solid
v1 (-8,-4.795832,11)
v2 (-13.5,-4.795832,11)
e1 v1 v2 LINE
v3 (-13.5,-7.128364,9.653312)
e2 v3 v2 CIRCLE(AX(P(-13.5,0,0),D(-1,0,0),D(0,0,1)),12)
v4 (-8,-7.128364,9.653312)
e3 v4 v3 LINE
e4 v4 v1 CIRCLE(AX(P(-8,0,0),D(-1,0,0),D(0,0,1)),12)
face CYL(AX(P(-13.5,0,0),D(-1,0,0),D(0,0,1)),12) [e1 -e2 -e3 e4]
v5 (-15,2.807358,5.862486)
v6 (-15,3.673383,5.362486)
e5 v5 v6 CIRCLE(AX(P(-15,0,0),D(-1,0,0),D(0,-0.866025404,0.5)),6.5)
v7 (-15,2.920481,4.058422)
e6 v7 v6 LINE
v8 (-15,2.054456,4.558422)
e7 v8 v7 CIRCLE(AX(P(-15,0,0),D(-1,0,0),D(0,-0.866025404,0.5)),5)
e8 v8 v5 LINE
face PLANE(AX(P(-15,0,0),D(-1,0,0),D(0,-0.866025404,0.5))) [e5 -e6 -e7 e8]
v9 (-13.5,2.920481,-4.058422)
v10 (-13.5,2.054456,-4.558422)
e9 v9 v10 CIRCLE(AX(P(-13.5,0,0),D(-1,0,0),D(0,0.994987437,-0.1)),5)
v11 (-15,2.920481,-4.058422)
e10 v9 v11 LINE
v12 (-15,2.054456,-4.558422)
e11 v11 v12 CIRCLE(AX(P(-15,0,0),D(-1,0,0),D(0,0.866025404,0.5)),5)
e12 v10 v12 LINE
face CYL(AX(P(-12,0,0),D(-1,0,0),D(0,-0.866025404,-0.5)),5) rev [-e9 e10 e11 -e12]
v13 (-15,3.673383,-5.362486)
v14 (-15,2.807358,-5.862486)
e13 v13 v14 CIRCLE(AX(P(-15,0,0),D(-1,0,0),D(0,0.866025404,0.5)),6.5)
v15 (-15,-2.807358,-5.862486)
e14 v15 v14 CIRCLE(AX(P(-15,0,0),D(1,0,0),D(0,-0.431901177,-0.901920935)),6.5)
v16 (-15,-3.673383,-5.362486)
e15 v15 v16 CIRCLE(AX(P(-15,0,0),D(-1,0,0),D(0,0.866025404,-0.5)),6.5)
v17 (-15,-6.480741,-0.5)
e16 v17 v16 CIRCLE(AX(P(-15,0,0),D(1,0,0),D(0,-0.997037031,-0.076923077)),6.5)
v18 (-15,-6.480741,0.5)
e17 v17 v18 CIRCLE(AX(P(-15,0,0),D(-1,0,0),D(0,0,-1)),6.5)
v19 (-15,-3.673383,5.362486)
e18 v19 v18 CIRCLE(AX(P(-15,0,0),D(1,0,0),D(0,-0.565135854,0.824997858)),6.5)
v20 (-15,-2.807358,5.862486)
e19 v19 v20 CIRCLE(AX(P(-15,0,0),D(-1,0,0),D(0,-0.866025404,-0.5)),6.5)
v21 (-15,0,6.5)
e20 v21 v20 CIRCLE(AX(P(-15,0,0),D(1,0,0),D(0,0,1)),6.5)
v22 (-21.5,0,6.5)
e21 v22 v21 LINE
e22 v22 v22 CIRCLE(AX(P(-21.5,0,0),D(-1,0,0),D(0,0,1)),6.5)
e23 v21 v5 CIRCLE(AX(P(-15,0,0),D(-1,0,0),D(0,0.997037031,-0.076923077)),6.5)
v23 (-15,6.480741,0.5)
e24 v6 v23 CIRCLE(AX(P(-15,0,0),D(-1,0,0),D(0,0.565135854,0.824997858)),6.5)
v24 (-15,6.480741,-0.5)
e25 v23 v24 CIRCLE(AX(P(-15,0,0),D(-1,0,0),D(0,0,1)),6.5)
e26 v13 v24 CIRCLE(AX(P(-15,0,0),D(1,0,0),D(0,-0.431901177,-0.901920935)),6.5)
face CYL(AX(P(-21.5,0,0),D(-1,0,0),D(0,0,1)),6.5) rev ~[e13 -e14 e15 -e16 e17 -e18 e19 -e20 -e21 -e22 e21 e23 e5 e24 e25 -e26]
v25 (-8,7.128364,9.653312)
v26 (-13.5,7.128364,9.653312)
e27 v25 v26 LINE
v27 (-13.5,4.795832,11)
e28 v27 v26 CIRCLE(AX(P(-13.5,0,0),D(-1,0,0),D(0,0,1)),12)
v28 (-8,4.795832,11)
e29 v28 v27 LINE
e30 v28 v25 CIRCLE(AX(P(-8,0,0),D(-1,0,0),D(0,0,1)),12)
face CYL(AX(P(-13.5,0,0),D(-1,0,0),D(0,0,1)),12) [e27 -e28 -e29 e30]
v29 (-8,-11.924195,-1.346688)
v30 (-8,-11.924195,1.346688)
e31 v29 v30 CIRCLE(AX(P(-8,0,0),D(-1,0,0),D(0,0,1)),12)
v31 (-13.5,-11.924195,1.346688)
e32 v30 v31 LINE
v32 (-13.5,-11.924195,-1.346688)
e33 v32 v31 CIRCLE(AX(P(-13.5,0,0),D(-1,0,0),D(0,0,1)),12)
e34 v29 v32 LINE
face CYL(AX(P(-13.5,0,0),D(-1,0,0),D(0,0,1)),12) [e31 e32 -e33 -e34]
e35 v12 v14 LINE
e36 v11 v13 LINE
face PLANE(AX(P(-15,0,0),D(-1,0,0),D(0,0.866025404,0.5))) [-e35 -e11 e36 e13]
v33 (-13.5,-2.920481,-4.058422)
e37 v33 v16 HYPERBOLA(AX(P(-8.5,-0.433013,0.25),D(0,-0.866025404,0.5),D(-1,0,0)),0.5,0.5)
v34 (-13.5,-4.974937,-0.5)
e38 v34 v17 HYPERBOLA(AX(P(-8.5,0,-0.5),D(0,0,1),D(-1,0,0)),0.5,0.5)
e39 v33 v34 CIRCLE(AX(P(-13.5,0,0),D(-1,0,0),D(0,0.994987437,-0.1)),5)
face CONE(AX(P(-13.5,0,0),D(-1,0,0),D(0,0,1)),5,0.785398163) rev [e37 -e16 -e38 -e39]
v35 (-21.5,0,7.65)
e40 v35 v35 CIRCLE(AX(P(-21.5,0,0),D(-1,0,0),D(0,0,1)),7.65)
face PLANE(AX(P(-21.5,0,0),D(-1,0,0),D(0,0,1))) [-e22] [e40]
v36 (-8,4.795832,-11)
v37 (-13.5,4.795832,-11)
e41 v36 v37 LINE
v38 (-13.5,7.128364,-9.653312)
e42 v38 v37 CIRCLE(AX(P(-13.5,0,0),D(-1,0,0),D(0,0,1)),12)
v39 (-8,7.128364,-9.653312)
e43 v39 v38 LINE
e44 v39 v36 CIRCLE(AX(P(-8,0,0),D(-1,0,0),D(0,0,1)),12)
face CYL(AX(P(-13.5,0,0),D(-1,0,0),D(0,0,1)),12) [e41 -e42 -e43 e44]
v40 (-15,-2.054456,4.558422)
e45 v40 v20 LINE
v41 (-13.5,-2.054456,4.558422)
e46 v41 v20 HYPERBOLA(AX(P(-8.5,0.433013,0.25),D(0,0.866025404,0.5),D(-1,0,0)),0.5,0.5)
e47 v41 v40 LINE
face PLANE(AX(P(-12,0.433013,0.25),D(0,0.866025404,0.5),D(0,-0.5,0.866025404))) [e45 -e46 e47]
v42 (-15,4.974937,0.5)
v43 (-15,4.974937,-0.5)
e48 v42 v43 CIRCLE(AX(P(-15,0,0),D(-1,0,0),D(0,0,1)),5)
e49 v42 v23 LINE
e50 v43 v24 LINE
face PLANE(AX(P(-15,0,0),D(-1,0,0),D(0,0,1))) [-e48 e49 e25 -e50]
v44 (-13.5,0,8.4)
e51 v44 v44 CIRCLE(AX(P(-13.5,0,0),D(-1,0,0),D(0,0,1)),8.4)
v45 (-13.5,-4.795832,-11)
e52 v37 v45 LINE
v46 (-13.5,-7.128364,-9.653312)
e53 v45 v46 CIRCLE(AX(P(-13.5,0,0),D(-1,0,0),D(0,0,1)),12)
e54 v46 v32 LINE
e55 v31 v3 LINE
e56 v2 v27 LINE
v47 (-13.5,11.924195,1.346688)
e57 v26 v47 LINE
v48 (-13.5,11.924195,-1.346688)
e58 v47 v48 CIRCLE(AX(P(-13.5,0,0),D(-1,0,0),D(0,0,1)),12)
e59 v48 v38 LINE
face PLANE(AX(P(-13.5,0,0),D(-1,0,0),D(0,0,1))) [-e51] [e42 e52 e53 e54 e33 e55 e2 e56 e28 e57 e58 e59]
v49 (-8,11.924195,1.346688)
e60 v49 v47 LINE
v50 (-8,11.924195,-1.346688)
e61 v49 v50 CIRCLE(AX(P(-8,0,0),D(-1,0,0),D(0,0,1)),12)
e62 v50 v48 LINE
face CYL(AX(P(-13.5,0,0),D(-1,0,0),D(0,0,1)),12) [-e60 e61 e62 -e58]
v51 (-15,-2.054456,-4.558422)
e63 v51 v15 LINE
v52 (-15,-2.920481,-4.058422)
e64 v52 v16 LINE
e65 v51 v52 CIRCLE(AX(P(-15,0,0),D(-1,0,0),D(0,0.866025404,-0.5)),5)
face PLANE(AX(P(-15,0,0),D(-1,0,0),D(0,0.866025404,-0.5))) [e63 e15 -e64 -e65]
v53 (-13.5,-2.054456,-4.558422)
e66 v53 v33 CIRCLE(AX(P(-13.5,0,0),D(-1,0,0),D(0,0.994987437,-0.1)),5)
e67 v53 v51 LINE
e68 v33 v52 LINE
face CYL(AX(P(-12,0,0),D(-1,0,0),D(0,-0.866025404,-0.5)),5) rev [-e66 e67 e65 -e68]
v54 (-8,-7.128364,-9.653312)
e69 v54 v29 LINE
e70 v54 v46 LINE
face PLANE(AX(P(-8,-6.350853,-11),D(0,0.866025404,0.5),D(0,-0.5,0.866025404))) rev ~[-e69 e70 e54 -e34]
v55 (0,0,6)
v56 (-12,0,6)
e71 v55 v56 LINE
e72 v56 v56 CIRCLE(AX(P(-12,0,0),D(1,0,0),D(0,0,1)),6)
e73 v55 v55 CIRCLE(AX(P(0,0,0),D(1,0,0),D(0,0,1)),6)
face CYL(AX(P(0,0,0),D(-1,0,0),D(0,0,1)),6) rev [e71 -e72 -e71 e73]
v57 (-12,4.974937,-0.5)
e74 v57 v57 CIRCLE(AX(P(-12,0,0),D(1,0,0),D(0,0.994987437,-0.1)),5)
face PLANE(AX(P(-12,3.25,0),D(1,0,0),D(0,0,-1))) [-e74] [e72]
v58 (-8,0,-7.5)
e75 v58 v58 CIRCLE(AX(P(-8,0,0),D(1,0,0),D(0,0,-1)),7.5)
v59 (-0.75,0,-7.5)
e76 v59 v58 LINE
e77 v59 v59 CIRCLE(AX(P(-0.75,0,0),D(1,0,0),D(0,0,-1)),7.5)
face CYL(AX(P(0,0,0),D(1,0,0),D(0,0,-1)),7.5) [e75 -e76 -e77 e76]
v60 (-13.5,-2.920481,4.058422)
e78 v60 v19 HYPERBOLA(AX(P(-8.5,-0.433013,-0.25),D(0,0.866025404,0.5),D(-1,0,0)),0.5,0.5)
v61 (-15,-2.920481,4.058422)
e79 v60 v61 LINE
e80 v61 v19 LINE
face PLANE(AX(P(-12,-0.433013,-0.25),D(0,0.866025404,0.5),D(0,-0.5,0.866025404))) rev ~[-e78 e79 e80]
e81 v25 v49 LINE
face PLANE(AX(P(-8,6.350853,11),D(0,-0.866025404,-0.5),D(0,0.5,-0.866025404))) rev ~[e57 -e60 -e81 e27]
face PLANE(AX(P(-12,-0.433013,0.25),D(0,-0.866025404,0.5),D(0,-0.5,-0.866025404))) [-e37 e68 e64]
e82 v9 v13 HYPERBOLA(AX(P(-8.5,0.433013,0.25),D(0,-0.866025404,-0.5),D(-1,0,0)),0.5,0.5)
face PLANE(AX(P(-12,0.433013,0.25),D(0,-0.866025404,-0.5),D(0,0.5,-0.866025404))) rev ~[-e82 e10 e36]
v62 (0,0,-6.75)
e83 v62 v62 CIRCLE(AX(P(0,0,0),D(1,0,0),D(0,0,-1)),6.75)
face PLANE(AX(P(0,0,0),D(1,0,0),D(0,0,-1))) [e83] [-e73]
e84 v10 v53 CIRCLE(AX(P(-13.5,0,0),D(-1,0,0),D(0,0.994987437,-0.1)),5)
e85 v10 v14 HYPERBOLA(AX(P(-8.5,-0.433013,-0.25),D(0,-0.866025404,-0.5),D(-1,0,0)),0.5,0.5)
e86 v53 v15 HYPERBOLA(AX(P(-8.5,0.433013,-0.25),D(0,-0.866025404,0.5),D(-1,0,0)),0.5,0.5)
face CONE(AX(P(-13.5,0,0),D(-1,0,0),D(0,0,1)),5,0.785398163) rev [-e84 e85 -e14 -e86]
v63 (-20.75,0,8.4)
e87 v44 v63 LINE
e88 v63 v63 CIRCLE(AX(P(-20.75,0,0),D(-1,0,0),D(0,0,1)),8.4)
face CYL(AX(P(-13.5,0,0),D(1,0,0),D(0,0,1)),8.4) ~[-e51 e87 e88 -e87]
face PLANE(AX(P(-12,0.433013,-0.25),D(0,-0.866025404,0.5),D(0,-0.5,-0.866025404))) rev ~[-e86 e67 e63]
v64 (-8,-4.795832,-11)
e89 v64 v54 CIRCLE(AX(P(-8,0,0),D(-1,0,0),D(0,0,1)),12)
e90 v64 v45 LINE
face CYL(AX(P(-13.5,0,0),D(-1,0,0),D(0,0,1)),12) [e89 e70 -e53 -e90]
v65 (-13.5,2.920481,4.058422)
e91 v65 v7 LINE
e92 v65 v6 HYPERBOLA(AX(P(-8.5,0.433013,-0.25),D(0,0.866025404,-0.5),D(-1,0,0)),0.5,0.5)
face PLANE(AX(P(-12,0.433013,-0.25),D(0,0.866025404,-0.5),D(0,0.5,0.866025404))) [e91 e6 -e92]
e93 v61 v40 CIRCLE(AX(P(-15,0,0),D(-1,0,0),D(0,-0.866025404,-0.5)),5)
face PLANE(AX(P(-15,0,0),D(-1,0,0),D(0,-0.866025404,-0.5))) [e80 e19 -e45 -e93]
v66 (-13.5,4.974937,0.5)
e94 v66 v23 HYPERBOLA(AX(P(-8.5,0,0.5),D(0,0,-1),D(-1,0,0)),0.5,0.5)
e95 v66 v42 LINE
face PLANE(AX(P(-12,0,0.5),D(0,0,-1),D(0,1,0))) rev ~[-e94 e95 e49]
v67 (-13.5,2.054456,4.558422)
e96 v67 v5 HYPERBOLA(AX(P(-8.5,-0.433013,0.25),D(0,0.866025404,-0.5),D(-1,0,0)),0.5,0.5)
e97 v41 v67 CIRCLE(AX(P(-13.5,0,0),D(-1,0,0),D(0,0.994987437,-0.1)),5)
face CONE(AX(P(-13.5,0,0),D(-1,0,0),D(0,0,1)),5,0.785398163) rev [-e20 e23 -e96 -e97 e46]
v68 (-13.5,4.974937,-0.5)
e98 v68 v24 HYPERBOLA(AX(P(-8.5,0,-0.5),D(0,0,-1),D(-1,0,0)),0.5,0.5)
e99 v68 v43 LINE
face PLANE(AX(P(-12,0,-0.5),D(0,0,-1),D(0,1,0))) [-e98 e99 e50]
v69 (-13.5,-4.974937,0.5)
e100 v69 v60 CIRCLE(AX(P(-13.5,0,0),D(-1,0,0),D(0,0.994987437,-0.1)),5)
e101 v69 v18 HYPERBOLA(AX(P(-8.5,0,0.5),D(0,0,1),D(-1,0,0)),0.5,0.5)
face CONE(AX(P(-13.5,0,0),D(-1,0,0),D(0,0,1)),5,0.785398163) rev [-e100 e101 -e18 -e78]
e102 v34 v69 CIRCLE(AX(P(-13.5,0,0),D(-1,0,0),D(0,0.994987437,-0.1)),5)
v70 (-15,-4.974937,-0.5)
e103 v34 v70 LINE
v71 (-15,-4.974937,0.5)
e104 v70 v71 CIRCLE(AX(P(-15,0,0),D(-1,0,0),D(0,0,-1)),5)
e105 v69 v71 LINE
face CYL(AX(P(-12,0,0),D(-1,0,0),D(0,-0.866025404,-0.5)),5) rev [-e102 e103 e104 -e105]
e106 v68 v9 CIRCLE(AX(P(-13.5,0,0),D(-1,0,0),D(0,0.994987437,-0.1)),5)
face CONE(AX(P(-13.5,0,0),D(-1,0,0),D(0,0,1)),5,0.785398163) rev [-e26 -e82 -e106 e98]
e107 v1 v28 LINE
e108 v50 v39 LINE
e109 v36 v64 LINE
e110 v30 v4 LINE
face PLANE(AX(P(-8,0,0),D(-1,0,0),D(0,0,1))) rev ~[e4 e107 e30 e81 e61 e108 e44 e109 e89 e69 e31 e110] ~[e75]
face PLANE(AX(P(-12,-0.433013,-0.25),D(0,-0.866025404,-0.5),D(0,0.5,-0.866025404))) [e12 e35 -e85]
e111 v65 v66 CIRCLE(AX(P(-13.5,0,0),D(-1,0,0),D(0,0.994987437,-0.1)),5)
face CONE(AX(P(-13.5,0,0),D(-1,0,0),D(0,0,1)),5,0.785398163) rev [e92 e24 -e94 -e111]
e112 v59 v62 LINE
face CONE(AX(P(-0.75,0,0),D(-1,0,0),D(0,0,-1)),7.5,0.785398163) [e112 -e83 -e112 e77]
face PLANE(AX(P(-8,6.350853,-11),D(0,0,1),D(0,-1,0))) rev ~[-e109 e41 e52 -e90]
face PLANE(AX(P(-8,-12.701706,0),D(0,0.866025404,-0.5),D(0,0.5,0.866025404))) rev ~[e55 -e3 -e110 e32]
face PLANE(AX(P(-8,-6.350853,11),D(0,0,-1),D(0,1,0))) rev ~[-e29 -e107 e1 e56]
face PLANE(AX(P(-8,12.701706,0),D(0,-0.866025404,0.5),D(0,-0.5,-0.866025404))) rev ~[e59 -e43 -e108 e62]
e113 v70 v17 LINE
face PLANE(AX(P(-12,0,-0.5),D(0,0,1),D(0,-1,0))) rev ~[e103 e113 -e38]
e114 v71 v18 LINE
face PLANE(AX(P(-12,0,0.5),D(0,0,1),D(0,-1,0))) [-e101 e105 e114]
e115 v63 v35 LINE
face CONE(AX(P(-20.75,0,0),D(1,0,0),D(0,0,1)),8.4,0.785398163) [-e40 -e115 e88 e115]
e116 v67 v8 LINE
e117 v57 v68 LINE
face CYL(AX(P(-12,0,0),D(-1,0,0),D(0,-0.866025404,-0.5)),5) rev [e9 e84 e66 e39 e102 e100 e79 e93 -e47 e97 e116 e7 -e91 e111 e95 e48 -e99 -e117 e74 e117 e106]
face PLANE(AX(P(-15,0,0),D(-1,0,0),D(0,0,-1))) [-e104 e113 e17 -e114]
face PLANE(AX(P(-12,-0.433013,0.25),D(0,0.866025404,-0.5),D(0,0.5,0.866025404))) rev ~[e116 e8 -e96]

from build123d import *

# Parameters (mm, degrees)
SKETCH_2_R               = 7.5
EXTRUDE_1_DEPTH          = 8
SKETCH_3_R               = 7.5
EXTRUDE_2_DEPTH          = 5.5
SKETCH_4_R               = 8.4
EXTRUDE_3_DEPTH          = 8
SKETCH_6_R               = 12.701705922
SKETCH_6_R_2             = 12
CUT_EXTRUDE_1_DEPTH      = 22.554195261
CHAMFER_1_SIZE           = 0.75
EXTRUDE_4_REACH          = 22.224
SKETCH_7_W               = 1
SKETCH_7_H               = 6.5
SKETCH_8_R               = 5
CUT_EXTRUDE_2_DEPTH      = 27.96757312
SKETCH_9_R               = 6.5
CUT_EXTRUDE_3_DEPTH      = 6.5
PATTERN_CIRCULAR_1_COUNT = 6


with BuildPart() as part:
    # Эскиз2 → Вытянуть1 (new body)
    with BuildSketch(Plane(origin=(0, 0, 0), x_dir=(0, 0, -1), z_dir=(1, 0, 0))):
        Circle(SKETCH_2_R)
    extrude(amount=-EXTRUDE_1_DEPTH)

    # Эскиз3 → Вытянуть2 (add)
    # profile 1 of 2: a face of its own
    with BuildSketch(Plane.ZY.offset(8)):
        Polygon((11, -6.350852961), (11, 6.350852961), (0, 12.701705922), (-11, 6.350852961), (-11, -6.350852961), (0, -12.701705922), align=None)
        with Locations(Location((0, 0, 0), (0, 0, 180))):
            Circle(SKETCH_3_R, mode=Mode.SUBTRACT)
    # profile 2 of 2: a face of its own
    with BuildSketch(Plane.ZY.offset(8)):
        with Locations(Location((0, 0, 0), (0, 0, 180))):
            Circle(SKETCH_3_R)
    extrude(amount=EXTRUDE_2_DEPTH)

    # Эскиз4 → Вытянуть3 (add)
    with BuildSketch(Plane.ZY.offset(13.5)):
        Circle(SKETCH_4_R)
    extrude(amount=EXTRUDE_3_DEPTH)

    # Эскиз5 → Вырез-Повернуть1 (revolve, cut)
    with BuildSketch(Plane.XY, mode=Mode.PRIVATE) as cut_revolve_1_sk:
        Polygon((0, 0), (0, 6), (-12, 6), (-12, 5), (-13.5, 5), (-15, 6.5), (-21.5, 6.5), (-21.5, 0), align=None)
    revolve(cut_revolve_1_sk.sketch.rotate(Axis((-21.5, 0, 0), (1, 0, 0)), 90), axis=Axis((-21.5, 0, 0), (1, 0, 0)), mode=Mode.SUBTRACT)

    # Эскиз6 → Вырез-Вытянуть1 (cut, through all)
    with BuildSketch(Plane.ZY.offset(13.5)):
        Circle(SKETCH_6_R)
        Circle(SKETCH_6_R_2, mode=Mode.SUBTRACT)
    extrude(amount=-CUT_EXTRUDE_1_DEPTH, mode=Mode.SUBTRACT)

    # Фаска1
    chamfer_1_edges = [part.edges().sort_by_distance(p)[0] for p in [
        (0, 0, 7.5),
        (-21.5, 0, -8.4),
    ]]
    chamfer(chamfer_1_edges, length=CHAMFER_1_SIZE)

    # Вытянуть4: up to this face of the body (flat: up to its plane)
    extrude_4_end = Plane(part.part.faces().sort_by_distance((-21.5, 0, -7.433625325))[0])
    # Эскиз7 → Вытянуть4 (add, up to the picked face)
    with BuildSketch(Plane(origin=(-12, 0, 0), x_dir=(0, 0, -1), z_dir=(1, 0, 0)), mode=Mode.PRIVATE) as extrude_4_sk1:
        with Locations((0, 3.25)):
            Rectangle(SKETCH_7_W, SKETCH_7_H)
    extrude_4_tool1 = split(extrude(extrude_4_sk1.sketch, amount=-EXTRUDE_4_REACH, mode=Mode.PRIVATE), bisect_by=extrude_4_end, keep=Keep.BOTH, mode=Mode.PRIVATE)
    add(extrude_4_tool1.solids().sort_by(Axis((-12, 3.25, 0), (-1, 0, 0)))[0])

    # Эскиз8 → Вырез-Вытянуть2 (cut, through all)
    with BuildSketch(Plane.ZY.offset(21.5)):
        Circle(SKETCH_8_R)
    extrude(amount=-CUT_EXTRUDE_2_DEPTH, mode=Mode.SUBTRACT)

    # Эскиз9 → Вырез-Вытянуть3 (cut)
    with BuildSketch(Plane.ZY.offset(21.5)):
        Circle(SKETCH_9_R)
    extrude(amount=-CUT_EXTRUDE_3_DEPTH, mode=Mode.SUBTRACT)

    # Круговой массив1: part ×6 about axis
    pattern_circular_1_axis = Axis((0, 0, 0), (1, 0, 0))


with BuildPart() as part_1:
    add(part.part)
    for i in range(1, PATTERN_CIRCULAR_1_COUNT):
        add(part.part.rotate(pattern_circular_1_axis, i * 360 / PATTERN_CIRCULAR_1_COUNT))


solid = part_1.part
